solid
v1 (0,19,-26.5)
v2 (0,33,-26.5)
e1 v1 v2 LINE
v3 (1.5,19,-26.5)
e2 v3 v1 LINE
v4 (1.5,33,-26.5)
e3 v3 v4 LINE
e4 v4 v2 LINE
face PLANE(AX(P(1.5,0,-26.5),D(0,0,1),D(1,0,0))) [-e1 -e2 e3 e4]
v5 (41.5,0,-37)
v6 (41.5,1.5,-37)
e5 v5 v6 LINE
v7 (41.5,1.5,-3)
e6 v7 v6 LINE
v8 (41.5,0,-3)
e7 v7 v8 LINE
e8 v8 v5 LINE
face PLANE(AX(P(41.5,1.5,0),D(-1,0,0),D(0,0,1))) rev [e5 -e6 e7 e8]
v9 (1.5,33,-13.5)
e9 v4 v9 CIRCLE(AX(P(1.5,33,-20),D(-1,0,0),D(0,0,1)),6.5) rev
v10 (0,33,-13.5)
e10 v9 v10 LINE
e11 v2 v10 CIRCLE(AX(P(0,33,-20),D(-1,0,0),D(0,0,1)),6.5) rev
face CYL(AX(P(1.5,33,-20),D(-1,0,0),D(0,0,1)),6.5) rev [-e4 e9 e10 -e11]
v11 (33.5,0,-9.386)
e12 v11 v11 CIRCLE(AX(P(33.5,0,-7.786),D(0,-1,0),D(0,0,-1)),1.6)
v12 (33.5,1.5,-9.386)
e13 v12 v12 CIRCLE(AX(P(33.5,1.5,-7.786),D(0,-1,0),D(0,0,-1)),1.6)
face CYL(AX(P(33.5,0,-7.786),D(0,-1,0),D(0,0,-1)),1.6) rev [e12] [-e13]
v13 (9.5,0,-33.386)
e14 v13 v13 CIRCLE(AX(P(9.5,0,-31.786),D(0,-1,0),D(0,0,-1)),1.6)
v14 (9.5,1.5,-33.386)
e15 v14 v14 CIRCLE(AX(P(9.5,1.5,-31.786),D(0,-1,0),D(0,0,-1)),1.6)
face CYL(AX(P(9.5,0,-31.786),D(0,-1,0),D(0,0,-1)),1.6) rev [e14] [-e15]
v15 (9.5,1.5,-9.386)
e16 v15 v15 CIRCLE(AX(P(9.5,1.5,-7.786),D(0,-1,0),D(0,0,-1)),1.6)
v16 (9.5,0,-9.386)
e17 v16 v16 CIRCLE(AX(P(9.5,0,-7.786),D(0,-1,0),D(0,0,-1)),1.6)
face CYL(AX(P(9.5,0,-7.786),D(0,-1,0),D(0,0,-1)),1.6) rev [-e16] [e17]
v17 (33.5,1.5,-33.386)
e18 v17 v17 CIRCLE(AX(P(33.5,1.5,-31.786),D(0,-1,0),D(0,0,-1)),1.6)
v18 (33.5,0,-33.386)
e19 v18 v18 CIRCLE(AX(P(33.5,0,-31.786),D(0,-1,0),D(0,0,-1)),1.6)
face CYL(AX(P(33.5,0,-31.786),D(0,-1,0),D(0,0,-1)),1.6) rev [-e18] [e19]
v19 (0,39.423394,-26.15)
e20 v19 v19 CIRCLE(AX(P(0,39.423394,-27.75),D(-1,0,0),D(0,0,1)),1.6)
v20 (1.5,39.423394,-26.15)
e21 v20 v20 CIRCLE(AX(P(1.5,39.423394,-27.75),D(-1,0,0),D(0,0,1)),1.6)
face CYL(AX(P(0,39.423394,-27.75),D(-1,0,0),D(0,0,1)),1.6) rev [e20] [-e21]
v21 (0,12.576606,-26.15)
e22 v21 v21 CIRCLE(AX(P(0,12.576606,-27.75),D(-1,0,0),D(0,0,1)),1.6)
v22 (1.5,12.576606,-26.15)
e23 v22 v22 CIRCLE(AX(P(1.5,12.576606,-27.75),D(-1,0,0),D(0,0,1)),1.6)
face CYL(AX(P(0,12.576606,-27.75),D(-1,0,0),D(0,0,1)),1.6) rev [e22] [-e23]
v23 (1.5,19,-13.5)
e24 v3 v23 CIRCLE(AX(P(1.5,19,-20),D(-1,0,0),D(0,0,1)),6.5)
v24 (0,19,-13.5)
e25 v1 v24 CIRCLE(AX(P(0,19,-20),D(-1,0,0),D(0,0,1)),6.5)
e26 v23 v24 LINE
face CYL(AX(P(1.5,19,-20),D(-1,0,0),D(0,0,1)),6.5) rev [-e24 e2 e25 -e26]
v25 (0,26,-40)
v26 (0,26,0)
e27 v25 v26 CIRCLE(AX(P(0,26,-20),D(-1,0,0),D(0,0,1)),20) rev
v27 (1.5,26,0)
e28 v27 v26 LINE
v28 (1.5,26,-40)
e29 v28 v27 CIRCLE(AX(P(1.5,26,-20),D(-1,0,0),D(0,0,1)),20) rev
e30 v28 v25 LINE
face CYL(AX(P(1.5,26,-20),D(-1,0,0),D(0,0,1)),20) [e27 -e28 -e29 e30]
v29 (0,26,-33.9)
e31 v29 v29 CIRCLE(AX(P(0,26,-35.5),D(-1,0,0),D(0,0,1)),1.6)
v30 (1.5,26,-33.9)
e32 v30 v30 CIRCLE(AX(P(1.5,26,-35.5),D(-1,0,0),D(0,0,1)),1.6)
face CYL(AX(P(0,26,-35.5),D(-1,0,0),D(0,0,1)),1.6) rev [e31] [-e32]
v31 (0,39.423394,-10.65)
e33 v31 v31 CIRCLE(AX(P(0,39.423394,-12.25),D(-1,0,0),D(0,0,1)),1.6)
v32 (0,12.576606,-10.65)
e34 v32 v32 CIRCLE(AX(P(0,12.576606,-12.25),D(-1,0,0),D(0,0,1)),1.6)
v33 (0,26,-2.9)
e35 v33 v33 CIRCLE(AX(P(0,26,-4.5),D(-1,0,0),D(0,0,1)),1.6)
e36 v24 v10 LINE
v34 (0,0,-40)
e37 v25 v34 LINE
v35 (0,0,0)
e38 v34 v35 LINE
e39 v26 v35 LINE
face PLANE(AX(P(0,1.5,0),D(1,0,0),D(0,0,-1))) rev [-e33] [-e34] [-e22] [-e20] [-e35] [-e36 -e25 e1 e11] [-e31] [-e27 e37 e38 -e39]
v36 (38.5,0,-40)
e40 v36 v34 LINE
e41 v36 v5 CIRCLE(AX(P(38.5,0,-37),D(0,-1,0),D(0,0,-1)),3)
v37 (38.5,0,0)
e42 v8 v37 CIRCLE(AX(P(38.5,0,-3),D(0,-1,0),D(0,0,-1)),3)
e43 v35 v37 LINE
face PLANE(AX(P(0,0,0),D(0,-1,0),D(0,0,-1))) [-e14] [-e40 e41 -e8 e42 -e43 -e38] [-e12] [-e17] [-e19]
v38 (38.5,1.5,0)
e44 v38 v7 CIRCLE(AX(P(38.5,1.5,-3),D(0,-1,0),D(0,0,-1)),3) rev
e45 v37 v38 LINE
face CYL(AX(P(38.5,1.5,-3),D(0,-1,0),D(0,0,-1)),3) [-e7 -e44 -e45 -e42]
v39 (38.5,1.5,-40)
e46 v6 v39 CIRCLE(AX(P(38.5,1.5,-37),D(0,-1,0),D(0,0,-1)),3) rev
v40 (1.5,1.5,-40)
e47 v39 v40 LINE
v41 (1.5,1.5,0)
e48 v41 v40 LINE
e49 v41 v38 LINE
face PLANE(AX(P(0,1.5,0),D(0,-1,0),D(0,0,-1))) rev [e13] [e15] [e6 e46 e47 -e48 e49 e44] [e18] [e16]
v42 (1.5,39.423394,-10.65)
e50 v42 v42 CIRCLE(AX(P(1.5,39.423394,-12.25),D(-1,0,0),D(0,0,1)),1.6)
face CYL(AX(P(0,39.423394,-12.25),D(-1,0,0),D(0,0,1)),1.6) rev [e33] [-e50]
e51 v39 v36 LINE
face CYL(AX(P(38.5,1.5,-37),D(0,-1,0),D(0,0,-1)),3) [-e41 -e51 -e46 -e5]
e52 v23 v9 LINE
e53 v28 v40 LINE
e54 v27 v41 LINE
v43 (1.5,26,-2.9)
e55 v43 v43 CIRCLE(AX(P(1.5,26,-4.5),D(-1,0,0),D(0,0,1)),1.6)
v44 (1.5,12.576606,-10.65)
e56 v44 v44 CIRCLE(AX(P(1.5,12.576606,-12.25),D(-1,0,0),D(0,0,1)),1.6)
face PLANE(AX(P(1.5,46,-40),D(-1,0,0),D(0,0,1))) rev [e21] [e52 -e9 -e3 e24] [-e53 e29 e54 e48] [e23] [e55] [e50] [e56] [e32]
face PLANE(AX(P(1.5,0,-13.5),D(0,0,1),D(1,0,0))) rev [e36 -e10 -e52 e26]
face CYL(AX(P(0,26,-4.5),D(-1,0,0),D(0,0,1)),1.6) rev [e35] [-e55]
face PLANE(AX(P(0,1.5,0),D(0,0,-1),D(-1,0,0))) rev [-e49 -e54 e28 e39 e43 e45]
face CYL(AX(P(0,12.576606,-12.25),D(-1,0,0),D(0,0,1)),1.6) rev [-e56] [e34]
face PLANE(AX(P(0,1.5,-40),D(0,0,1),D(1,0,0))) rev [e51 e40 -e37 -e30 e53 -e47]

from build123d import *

# Parameters (mm, degrees)
SKETCH_1_W                  = 41.5
SKETCH_1_H                  = 40
EXTRUDE_1_DEPTH             = 1.5
SKETCH_2_W                  = 1.5
SKETCH_2_H                  = 40
EXTRUDE_2_DEPTH             = 44.5
CUT_EXTRUDE_1_DEPTH         = 1.5
HOLE_WIZARD_3_2_3_2_1_D     = 3.2
HOLE_WIZARD_3_2_3_2_2_D     = 3.2
HOLE_WIZARD_3_2_3_2_2_DEPTH = 1.5
HOLE_WIZARD_3_2_3_2_2_TIP   = 0.96137699
FILLET_1_R                  = 3


with BuildPart() as part:
    # 草图1 → 凸台-拉伸1 (new body)
    with BuildSketch(Plane(origin=(0, 0, 0), x_dir=(1, 0, 0), z_dir=(0, 1, 0))):
        with Locations((20.75, 20)):
            Rectangle(SKETCH_1_W, SKETCH_1_H)
    extrude(amount=EXTRUDE_1_DEPTH)

    # 草图2 → 凸台-拉伸2 (add)
    with BuildSketch(Plane(origin=(0, 1.5, 0), x_dir=(1, 0, 0), z_dir=(0, 1, 0))):
        with Locations((0.75, 20)):
            Rectangle(SKETCH_2_W, SKETCH_2_H)
    extrude(amount=EXTRUDE_2_DEPTH)

    # 草图3 → 切除-拉伸1 (cut)
    with BuildSketch(Plane.ZY):
        with BuildLine():
            Line((-40, 46), (-40, 26))
            ThreePointArc((-40, 26), (-34.142135624, 40.142135624), (-20, 46))
            Line((-20, 46), (-40, 46))
        make_face()
        with BuildLine():
            Line((0, 46), (-20, 46))
            ThreePointArc((-20, 46), (-5.857864376, 40.142135624), (0, 26))
            Line((0, 26), (0, 46))
        make_face()
        with BuildLine():
            Line((-26.5, 19), (-26.5, 33))
            ThreePointArc((-26.5, 33), (-20, 39.5), (-13.5, 33))
            Line((-13.5, 33), (-13.5, 19))
            ThreePointArc((-13.5, 19), (-20, 12.5), (-26.5, 19))
        make_face()
    extrude(amount=-CUT_EXTRUDE_1_DEPTH, mode=Mode.SUBTRACT)

    # Ø3.2 (3.2) 直径孔1 (through all)
    with Locations(Plane.ZY):
        with Locations((-12.25, 39.423393759), (-4.5, 26), (-12.25, 12.576606241), (-27.75, 12.576606241), (-35.5, 26), (-27.75, 39.423393759)):
            Hole(HOLE_WIZARD_3_2_3_2_1_D / 2)

    # Ø3.2 (3.2) 直径孔2
    with Locations(Plane(origin=(0, 0, 0), x_dir=(-1, 0, 0), z_dir=(0, -1, 0))):
        with Locations((-9.5, 31.786000063), (-33.5, 31.786000063), (-33.5, 7.786000063), (-9.5, 7.786000063)):
            Hole(HOLE_WIZARD_3_2_3_2_2_D / 2, depth=HOLE_WIZARD_3_2_3_2_2_DEPTH)
            with Locations((0, 0, -(HOLE_WIZARD_3_2_3_2_2_DEPTH + HOLE_WIZARD_3_2_3_2_2_TIP / 2))):  # 118° drill point
                Cone(0, HOLE_WIZARD_3_2_3_2_2_D / 2, HOLE_WIZARD_3_2_3_2_2_TIP, mode=Mode.SUBTRACT)

    # 圆角1
    fillet_1_edges = [part.edges().sort_by_distance(p)[0] for p in [
        (41.5, 0.75, -40),
        (41.5, 0.75, 0),
    ]]
    fillet(fillet_1_edges, radius=FILLET_1_R)


solid = part.part
